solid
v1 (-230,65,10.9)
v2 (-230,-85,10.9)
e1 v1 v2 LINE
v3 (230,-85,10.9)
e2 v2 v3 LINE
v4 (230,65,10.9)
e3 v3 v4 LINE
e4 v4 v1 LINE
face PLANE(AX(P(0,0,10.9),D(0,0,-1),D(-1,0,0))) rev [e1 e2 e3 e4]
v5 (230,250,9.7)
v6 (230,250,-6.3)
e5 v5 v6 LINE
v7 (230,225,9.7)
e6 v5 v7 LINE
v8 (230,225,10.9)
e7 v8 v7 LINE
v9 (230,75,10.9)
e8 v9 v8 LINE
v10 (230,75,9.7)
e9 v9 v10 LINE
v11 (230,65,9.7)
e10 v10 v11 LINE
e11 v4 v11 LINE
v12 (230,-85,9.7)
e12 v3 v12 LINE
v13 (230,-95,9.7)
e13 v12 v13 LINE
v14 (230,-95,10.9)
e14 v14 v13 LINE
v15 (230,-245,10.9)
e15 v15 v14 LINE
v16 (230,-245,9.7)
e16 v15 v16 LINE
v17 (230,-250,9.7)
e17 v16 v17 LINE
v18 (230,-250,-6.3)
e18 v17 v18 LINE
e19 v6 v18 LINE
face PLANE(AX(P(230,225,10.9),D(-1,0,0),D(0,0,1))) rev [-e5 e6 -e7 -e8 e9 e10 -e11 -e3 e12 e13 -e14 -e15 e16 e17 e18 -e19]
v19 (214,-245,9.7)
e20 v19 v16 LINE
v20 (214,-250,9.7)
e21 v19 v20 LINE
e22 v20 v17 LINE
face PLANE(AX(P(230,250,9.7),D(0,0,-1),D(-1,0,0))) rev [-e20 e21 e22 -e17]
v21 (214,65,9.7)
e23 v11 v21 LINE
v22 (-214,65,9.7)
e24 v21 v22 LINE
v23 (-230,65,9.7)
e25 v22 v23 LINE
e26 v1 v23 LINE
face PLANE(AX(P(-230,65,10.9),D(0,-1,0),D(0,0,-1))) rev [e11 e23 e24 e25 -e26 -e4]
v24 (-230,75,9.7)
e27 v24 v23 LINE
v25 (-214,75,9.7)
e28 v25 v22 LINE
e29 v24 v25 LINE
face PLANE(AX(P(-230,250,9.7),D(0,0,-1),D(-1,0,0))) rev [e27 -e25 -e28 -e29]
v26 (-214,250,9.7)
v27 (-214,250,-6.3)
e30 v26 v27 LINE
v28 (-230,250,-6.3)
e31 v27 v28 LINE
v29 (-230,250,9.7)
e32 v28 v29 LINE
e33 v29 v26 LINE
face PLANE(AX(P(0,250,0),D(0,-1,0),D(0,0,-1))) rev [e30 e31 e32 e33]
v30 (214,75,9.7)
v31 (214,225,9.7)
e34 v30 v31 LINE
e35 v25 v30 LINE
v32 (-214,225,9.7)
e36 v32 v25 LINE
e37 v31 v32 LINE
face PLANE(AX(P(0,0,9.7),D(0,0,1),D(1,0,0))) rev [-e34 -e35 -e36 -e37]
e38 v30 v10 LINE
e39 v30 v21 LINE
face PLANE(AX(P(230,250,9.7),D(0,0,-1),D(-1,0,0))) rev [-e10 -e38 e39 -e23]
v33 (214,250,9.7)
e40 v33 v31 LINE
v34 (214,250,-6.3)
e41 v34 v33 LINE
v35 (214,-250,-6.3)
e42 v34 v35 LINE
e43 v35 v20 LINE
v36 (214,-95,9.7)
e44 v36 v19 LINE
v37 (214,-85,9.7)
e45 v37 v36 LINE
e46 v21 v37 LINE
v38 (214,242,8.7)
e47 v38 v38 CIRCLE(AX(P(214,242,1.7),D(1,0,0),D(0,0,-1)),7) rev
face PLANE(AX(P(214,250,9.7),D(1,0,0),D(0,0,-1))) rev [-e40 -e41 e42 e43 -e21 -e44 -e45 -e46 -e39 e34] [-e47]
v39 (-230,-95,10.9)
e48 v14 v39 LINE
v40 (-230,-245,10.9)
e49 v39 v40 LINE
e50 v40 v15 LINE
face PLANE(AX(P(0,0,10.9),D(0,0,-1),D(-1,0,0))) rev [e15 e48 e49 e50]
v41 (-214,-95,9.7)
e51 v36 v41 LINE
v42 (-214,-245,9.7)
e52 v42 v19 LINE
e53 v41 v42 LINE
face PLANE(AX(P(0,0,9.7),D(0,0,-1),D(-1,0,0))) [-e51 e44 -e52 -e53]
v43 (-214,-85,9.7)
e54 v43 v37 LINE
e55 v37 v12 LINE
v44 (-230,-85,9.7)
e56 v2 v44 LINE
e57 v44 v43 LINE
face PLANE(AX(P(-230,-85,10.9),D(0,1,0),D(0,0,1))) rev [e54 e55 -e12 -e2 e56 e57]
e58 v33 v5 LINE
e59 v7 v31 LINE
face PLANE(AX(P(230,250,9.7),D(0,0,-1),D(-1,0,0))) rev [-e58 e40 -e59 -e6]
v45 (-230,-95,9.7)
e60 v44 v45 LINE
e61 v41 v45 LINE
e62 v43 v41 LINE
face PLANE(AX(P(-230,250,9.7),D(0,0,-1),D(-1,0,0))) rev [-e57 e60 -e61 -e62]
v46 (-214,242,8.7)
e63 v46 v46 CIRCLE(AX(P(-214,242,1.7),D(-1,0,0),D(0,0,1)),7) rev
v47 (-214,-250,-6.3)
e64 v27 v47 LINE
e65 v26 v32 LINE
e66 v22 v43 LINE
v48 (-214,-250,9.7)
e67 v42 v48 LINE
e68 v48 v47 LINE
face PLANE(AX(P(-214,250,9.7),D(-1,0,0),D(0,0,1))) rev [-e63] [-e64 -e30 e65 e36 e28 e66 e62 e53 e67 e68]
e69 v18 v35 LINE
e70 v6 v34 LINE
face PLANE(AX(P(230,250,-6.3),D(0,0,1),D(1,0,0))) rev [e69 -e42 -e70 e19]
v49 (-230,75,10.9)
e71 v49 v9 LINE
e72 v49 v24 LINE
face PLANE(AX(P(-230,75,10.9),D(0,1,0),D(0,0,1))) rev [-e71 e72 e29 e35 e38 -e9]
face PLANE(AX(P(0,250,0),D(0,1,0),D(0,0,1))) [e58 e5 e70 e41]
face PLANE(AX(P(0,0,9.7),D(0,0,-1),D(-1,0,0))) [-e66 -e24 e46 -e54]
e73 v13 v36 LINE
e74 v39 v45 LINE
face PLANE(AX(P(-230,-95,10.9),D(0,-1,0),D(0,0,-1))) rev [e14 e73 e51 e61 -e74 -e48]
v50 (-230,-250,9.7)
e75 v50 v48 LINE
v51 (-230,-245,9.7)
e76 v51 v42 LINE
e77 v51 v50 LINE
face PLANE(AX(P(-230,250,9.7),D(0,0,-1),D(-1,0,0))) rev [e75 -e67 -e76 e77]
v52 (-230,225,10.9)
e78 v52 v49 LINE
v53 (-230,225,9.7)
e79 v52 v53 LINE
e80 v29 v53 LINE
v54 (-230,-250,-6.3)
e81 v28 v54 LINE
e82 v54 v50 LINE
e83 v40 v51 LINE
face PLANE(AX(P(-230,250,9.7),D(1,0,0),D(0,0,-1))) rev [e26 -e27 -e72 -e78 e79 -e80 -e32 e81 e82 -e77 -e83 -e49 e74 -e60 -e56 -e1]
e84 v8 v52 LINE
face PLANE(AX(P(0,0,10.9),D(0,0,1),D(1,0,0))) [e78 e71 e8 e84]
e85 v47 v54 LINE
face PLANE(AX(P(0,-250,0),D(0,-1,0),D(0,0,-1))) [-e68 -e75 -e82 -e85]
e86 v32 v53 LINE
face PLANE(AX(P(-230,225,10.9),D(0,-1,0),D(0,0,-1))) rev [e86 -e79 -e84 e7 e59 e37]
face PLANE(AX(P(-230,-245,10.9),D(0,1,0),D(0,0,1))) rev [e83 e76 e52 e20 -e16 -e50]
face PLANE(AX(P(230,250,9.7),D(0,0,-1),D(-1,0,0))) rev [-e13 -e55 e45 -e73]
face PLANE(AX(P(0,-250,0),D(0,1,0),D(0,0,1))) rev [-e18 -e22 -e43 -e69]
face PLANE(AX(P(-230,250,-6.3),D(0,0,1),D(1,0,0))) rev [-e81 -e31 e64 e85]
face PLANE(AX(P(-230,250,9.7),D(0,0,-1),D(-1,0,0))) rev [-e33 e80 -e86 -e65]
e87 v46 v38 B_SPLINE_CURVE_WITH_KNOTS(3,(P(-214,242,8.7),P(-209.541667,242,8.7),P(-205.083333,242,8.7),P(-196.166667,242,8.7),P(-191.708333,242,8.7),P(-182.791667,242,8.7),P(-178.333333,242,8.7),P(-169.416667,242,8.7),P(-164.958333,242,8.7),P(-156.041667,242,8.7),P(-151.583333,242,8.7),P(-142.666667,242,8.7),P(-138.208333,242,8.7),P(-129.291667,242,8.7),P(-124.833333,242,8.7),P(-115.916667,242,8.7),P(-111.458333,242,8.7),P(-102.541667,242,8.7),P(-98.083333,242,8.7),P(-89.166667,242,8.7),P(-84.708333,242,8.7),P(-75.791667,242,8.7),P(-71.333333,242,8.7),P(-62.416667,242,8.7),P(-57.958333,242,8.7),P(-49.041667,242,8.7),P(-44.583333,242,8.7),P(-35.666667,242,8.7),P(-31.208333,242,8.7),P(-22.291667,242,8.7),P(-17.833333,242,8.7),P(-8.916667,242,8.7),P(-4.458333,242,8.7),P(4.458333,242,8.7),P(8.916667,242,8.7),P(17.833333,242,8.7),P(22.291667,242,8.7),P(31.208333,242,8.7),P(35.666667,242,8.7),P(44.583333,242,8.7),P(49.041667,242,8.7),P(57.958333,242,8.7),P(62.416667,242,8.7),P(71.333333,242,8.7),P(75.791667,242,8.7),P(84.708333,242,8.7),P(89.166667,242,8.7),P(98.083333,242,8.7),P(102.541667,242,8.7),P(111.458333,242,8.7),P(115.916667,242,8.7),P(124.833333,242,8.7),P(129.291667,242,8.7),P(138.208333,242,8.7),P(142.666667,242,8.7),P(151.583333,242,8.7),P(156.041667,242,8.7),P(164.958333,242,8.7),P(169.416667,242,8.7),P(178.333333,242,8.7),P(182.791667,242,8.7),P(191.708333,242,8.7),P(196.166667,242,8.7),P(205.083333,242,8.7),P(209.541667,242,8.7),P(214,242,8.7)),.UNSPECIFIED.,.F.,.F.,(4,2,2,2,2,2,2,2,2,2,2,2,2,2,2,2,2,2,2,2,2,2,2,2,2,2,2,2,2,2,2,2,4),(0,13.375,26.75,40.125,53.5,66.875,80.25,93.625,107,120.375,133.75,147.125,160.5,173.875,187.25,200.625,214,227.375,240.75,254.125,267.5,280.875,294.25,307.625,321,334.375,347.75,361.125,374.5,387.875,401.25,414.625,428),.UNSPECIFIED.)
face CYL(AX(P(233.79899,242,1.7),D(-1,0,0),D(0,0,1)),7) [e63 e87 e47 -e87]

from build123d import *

# Parameters (mm, degrees)
SKETCH1_W             = 16
SKETCH1_H             = 16
BOSS_EXTRUDE1_DEPTH   = 250
BOSS_EXTRUDE1_2_DEPTH = 250
SKETCH2_W             = 460
SKETCH2_H             = 150
BOSS_EXTRUDE2_DEPTH   = 1.2
SKETCH3_R             = 7
BOSS_EXTRUDE3_DEPTH   = 428


with BuildPart() as part:
    # Sketch1 → Boss-Extrude1 (new, symmetric)
    with BuildSketch(Plane(origin=(0, 0, 0), x_dir=(1, 0, 0), z_dir=(0, 1, 0))):
        with Locations((-222, -1.7)):
            Rectangle(SKETCH1_W, SKETCH1_H)
    extrude(amount=BOSS_EXTRUDE1_DEPTH, both=True)



with BuildPart() as body_2:
    # Sketch1 → Boss-Extrude1 2 (new, symmetric)
    with BuildSketch(Plane(origin=(0, 0, 0), x_dir=(1, 0, 0), z_dir=(0, 1, 0))):
        with Locations((222, -1.7)):
            Rectangle(SKETCH1_W, SKETCH1_H)
    extrude(amount=BOSS_EXTRUDE1_2_DEPTH, both=True)


with BuildPart() as part_1:
    add(part.part)

    add(body_2.part)  # Boss-Extrude2 merges body 2
    # Sketch2 → Boss-Extrude2 (add)
    with BuildSketch(Plane.XY.offset(9.7)):
        with Locations((0, 150)):
            Rectangle(SKETCH2_W, SKETCH2_H)
        with Locations((0, -10)):
            Rectangle(SKETCH2_W, SKETCH2_H)
        with Locations((0, -170)):
            Rectangle(SKETCH2_W, SKETCH2_H)
    extrude(amount=BOSS_EXTRUDE2_DEPTH)

    # Sketch3 → Boss-Extrude3 (add)
    with BuildSketch(Plane(origin=(-214, 0, 0), x_dir=(0, 0, -1), z_dir=(1, 0, 0))):
        with Locations(Location((-1.7, 242, 0), (0, 0, 180))):
            Circle(SKETCH3_R)
    extrude(amount=BOSS_EXTRUDE3_DEPTH)


solid = part_1.part
